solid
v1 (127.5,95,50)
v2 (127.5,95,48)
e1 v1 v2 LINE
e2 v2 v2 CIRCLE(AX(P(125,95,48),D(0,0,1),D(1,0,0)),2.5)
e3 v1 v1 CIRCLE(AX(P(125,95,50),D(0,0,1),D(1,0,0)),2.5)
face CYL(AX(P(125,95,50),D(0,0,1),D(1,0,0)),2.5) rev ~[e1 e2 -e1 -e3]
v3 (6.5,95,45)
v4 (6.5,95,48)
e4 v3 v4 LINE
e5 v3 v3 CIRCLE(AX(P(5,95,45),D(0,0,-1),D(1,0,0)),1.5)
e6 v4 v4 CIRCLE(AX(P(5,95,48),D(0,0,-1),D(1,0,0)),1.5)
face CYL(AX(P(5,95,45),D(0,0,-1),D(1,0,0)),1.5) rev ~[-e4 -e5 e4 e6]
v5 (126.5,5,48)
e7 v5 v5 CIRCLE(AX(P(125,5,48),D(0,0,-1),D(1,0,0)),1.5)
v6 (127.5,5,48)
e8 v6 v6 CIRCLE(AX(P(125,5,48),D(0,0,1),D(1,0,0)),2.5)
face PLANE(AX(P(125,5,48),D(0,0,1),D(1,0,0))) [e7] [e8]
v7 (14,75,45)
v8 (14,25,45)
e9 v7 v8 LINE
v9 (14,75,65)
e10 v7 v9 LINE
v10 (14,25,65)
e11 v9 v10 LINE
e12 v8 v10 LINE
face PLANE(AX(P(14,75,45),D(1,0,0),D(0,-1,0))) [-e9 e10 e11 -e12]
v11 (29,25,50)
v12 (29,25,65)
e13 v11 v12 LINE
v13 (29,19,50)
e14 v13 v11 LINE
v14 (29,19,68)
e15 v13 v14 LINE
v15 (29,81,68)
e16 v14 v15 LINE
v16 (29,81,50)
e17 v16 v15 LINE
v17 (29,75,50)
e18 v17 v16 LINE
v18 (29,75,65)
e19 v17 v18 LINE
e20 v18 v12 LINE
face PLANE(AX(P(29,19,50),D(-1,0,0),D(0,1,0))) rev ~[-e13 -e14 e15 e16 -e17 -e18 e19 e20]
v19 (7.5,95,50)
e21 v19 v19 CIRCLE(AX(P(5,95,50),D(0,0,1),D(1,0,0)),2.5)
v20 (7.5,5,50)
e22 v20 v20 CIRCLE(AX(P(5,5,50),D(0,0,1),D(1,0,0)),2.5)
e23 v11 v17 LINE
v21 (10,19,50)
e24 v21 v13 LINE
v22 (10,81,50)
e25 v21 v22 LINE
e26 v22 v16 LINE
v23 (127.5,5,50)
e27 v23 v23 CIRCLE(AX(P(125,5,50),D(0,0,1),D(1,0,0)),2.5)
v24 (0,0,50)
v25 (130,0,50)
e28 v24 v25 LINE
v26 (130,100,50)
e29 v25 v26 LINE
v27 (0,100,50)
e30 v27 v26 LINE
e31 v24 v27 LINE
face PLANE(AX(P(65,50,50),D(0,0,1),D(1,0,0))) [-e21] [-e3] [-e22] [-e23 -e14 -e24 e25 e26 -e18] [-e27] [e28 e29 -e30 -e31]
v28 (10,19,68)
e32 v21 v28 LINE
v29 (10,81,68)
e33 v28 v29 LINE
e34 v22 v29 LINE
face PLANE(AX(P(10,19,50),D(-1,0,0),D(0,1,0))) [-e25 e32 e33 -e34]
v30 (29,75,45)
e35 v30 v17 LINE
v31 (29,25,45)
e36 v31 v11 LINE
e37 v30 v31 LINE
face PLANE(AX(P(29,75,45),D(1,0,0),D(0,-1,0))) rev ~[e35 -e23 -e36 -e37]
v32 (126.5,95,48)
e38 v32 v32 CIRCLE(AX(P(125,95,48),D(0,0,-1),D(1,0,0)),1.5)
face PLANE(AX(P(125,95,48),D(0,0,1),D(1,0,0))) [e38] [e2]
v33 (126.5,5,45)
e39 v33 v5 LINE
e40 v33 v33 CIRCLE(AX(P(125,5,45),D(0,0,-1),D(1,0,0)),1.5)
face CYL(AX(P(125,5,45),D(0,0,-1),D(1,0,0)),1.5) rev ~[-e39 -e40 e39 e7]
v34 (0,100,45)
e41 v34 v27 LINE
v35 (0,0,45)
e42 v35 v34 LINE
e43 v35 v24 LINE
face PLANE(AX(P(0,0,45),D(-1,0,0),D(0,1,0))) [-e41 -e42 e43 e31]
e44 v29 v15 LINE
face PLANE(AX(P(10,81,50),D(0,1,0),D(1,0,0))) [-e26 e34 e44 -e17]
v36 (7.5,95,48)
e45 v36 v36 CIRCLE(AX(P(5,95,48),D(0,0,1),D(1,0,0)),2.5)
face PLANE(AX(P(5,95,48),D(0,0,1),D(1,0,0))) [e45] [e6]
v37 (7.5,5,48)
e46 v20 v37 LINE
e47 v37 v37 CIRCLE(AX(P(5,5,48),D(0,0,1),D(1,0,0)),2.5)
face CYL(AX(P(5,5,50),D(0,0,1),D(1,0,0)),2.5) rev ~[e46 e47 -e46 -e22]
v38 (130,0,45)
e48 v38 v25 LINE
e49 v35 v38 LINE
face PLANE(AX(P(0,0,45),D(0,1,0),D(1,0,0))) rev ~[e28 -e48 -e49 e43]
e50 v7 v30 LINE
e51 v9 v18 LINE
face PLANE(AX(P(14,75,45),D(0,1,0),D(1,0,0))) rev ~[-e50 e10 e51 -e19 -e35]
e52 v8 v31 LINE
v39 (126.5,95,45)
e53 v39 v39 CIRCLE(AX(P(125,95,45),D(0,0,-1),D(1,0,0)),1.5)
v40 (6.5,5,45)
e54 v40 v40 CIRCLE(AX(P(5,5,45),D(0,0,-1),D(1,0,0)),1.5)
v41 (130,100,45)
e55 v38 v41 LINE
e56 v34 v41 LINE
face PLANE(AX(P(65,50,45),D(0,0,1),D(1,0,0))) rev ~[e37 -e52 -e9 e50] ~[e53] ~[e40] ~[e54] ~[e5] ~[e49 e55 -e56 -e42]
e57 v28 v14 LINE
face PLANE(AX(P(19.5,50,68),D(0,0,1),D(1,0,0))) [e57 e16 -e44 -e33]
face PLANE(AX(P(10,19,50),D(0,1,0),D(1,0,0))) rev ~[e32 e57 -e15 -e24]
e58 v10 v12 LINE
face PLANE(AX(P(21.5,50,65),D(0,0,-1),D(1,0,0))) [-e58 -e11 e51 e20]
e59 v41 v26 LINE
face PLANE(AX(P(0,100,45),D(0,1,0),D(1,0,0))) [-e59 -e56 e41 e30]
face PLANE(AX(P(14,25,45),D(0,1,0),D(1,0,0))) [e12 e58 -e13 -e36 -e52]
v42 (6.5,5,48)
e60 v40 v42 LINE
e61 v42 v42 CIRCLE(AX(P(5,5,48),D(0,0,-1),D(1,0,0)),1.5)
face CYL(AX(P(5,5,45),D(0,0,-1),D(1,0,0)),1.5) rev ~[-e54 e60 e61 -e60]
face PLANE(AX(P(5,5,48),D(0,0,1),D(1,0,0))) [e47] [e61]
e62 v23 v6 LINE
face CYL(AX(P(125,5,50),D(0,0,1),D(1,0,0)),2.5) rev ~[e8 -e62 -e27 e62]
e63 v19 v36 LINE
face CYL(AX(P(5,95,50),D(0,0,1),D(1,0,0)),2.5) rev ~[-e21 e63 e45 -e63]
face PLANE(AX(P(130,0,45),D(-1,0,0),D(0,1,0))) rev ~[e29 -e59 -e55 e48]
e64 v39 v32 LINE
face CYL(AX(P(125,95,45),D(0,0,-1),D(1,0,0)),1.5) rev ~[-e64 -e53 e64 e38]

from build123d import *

# Parameters (mm, degrees)
SKETCH082_W     = 130
SKETCH082_H     = 100
PAD013_DEPTH    = 5
SKETCH083_W     = 19
SKETCH083_H     = 62
PAD014_DEPTH    = 18
SKETCH084_W     = 15
SKETCH084_H     = 50
POCKET068_DEPTH = 20
SKETCH085_R     = 1.5
POCKET069_DEPTH = 5
SKETCH086_R     = 2.5
POCKET070_DEPTH = 2


with BuildPart() as part:
    # Sketch082 → Pad013 (new body)
    with BuildSketch(Plane.XY):
        with Locations((65, 50)):
            Rectangle(SKETCH082_W, SKETCH082_H)
    extrude(amount=PAD013_DEPTH)

    # Sketch083 (on Face6 of Pad013) → Pad014 (join)
    with BuildSketch(Plane.XY.offset(5)):
        with Locations((19.5, 50)):
            Rectangle(SKETCH083_W, SKETCH083_H)
    extrude(amount=PAD014_DEPTH)

    # Sketch084 (on Face4 of Pad014) → Pocket068 (cut)
    with BuildSketch(Plane(origin=(0, 0, 0), x_dir=(1, 0, 0), z_dir=(0, 0, -1))):
        with Locations((21.5, -50)):
            Rectangle(SKETCH084_W, SKETCH084_H)
    extrude(amount=-POCKET068_DEPTH, mode=Mode.SUBTRACT)

    # Sketch085 (on Face4 of Pocket068) → Pocket069 (cut)
    with BuildSketch(Plane(origin=(0, 0, 0), x_dir=(1, 0, 0), z_dir=(0, 0, -1))):
        with Locations((5, -5)):
            Circle(SKETCH085_R)
        with Locations((125, -5)):
            Circle(SKETCH085_R)
        with Locations((5, -95)):
            Circle(SKETCH085_R)
        with Locations((125, -95)):
            Circle(SKETCH085_R)
    extrude(amount=-POCKET069_DEPTH, mode=Mode.SUBTRACT)

    # Sketch086 (on Face5 of Pocket069) → Pocket070 (cut)
    with BuildSketch(Plane.XY.offset(5)):
        with Locations((5, 95)):
            Circle(SKETCH086_R)
        with Locations((5, 5)):
            Circle(SKETCH086_R)
        with Locations((125, 5)):
            Circle(SKETCH086_R)
        with Locations((125, 95)):
            Circle(SKETCH086_R)
    extrude(amount=-POCKET070_DEPTH, mode=Mode.SUBTRACT)


with BuildPart() as part_1:
    # Body013 placement: moved
    add(part.part.moved(Location((0, 0, 45))))


solid = part_1.part
